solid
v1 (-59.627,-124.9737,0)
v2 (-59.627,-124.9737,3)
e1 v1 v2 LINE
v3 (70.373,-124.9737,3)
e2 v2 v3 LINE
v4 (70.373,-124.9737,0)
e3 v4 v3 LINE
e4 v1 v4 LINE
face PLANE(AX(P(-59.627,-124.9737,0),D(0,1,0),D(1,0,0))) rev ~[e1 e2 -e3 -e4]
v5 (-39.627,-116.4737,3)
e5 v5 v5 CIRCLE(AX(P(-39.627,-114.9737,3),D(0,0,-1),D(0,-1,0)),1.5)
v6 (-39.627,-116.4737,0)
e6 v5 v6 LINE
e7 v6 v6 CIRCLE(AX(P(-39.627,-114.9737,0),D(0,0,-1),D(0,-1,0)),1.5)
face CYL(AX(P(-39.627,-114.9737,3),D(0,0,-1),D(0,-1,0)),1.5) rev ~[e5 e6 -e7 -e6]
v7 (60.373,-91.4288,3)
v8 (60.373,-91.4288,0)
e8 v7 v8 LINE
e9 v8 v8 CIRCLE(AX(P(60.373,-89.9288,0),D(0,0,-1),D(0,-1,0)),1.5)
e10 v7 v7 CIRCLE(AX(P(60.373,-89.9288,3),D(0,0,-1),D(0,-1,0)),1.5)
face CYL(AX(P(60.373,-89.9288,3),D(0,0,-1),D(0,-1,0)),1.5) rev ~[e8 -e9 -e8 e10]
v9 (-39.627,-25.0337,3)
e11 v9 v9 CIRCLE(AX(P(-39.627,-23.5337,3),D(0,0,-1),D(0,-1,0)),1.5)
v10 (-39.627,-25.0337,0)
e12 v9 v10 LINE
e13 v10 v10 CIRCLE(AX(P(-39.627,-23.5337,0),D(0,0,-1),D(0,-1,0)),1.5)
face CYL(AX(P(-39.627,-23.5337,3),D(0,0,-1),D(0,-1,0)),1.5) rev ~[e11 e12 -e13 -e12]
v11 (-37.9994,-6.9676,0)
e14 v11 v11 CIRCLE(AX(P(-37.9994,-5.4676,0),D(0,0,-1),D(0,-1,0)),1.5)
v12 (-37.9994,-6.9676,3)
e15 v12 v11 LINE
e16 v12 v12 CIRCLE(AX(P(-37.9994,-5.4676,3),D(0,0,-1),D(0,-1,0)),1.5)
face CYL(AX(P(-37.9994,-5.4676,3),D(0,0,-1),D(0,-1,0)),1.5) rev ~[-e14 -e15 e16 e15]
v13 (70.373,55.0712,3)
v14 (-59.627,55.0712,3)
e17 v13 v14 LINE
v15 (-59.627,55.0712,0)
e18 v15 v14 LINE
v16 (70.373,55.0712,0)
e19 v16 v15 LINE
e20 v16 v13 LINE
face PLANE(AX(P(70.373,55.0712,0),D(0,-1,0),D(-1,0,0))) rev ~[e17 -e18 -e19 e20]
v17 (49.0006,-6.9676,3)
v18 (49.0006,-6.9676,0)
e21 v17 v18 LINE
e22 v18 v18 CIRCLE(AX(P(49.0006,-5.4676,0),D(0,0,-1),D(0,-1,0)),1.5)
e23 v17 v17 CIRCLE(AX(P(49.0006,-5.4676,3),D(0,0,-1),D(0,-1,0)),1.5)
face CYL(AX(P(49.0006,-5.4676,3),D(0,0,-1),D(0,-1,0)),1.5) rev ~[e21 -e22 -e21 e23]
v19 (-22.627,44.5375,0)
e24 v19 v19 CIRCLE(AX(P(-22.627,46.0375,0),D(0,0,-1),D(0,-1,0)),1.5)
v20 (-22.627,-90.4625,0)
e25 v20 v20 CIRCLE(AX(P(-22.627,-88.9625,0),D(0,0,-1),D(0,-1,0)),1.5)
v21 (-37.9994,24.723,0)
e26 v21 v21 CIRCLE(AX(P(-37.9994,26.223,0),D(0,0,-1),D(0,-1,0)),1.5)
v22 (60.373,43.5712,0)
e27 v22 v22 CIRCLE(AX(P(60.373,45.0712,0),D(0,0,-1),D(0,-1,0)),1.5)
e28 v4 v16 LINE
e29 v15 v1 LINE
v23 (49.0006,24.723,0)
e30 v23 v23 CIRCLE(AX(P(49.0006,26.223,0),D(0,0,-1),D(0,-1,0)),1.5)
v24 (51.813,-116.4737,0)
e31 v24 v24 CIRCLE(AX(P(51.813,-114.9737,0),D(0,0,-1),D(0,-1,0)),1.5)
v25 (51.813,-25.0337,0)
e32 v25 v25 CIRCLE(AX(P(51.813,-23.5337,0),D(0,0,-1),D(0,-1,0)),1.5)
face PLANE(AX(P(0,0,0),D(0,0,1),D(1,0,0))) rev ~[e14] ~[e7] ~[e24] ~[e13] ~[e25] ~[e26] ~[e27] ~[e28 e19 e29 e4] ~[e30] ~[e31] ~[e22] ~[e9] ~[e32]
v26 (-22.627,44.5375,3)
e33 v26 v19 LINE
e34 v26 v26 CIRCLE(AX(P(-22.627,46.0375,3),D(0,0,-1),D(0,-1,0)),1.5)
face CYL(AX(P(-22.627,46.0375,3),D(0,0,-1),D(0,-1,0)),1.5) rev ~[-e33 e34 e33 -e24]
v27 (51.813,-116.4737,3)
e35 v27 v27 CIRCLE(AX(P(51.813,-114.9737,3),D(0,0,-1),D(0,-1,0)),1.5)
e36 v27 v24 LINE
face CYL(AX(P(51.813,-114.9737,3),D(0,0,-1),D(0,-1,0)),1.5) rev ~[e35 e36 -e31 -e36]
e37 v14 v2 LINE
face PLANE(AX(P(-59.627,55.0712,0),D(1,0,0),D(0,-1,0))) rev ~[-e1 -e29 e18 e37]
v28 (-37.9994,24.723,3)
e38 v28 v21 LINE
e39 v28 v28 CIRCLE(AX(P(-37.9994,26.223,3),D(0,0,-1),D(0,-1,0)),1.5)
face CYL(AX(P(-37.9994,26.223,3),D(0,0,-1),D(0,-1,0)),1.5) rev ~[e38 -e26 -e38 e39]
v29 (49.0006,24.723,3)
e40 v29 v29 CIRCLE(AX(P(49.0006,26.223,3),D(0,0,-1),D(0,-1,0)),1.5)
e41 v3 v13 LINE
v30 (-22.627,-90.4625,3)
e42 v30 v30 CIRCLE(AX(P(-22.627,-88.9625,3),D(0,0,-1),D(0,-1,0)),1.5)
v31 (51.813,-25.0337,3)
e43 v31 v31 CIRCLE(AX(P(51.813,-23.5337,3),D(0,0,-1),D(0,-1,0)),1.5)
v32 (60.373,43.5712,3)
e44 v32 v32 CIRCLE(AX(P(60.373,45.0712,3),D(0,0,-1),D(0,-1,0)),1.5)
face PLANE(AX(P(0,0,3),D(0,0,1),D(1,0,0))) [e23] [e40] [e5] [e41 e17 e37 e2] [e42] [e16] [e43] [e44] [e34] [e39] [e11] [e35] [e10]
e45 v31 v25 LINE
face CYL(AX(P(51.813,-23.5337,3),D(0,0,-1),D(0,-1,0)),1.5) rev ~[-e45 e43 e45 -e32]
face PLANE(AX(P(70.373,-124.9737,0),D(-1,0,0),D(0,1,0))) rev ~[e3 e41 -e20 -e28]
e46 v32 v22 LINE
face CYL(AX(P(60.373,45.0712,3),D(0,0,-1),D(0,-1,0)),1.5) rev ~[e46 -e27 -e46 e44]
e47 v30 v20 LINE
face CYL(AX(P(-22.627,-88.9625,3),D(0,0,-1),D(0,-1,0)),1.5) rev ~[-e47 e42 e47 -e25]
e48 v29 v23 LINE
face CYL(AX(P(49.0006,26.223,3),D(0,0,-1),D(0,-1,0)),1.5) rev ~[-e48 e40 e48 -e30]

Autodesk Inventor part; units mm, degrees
ref_plane "YZ Plane" through (0, 0, 0) normal (1, 0, 0) x (0, 1, 0)
ref_plane "XZ Plane" through (0, 0, 0) normal (0, 1, 0) x (-1, 0, 0)
ref_plane "XY Plane" through (0, 0, 0) normal (0, 0, 1) x (1, 0, 0)
sketch "Sketch1" plane through (0, 0, 0) normal (0, 0, 1) x (1, 0, 0)
  line L0 (-43.437, -19.7437) -> (55.293, -19.7437)
  line L1 (55.293, -19.7437) -> (55.293, -118.7837)
  circle A0 centre (6.169, -65.1647) radius 0.508
  circle A1 centre (-0.333, -65.1647) radius 0.508
  arc A2 (23.1745, -85.9924) -> (23.1745, -82.9951) centre (23.238, -84.4937) ccw
  arc A3 (23.1745, -82.9951) -> (23.1745, -85.9924) centre (23.111, -84.4937) ccw
  circle A4 centre (-11.179, -100.7497) radius 0.75
  circle A5 centre (28.445, -83.4777) radius 0.75
  circle A6 centre (36.573, -92.1137) radius 0.508
  circle A7 centre (-30.737, -64.3737) radius 0.4
  circle A8 centre (-25.657, -64.3737) radius 0.4
  circle A9 centre (-33.277, -89.3737) radius 0.4
  circle A10 centre (-28.197, -89.3737) radius 0.4
  circle A11 centre (-23.117, -89.3737) radius 0.4
  circle A12 centre (-12.957, -41.3137) radius 0.508
  circle A13 centre (-7.877, -41.3137) radius 0.508
  circle A14 centre (-12.957, -32.4237) radius 0.508
  circle A15 centre (-7.877, -32.4237) radius 0.508
  circle A16 centre (-25.657, -98.4637) radius 0.508
  circle A17 centre (-30.737, -98.4637) radius 0.508
  circle A18 centre (-29.467, -32.4237) radius 0.508
  circle A19 centre (-24.387, -32.4237) radius 0.508
  circle A20 centre (-14.227, -60.3637) radius 0.55
  circle A21 centre (-32.007, -71.7937) radius 0.508
  circle A22 centre (-26.927, -71.7937) radius 0.508
  circle A23 centre (-21.847, -71.7937) radius 0.508
  circle A24 centre (-14.227, -71.7937) radius 0.508
  circle A25 centre (-9.147, -71.7937) radius 0.508
  circle A26 centre (-4.067, -71.7937) radius 0.508
  circle A27 centre (-32.007, -23.5337) radius 0.508
  circle A28 centre (-26.927, -23.5337) radius 0.508
  circle A29 centre (-21.847, -23.5337) radius 0.508
  circle A30 centre (-16.767, -23.5337) radius 0.508
  circle A31 centre (-10.163, -23.5337) radius 0.508
  circle A32 centre (-5.083, -23.5337) radius 0.508
  circle A33 centre (-0.003, -23.5337) radius 0.508
  circle A34 centre (5.077, -23.5337) radius 0.508
  circle A35 centre (-39.627, -23.5337) radius 1.5
  circle A36 centre (51.813, -114.9737) radius 1.5
  circle A37 centre (-37.087, -38.7737) radius 1.6
  circle A38 centre (-7.877, -51.4737) radius 0.55
  circle A39 centre (-9.147, -60.3637) radius 0.55
  circle A40 centre (-7.877, -46.3937) radius 0.55
  circle A41 centre (13.713, -23.5337) radius 1.6
  circle A42 centre (-37.087, -66.7137) radius 1.6
  circle A43 centre (-39.627, -114.9737) radius 1.5
  circle A44 centre (51.813, -23.5337) radius 1.5
  circle A45 centre (2.537, -23.5337) radius 0.508
  circle A46 centre (-2.543, -23.5337) radius 0.508
  circle A47 centre (-7.623, -23.5337) radius 0.508
  circle A48 centre (-12.703, -23.5337) radius 0.508
  circle A49 centre (-19.307, -23.5337) radius 0.508
  circle A50 centre (-24.387, -23.5337) radius 0.508
  circle A51 centre (-29.467, -23.5337) radius 0.508
  circle A52 centre (-34.547, -23.5337) radius 0.508
  circle A53 centre (-6.607, -71.7937) radius 0.508
  circle A54 centre (-11.687, -71.7937) radius 0.508
  circle A55 centre (-16.767, -71.7937) radius 0.508
  circle A56 centre (-24.387, -71.7937) radius 0.508
  circle A57 centre (-29.467, -71.7937) radius 0.508
  circle A58 centre (-34.547, -71.7937) radius 0.508
  circle A59 centre (-21.847, -32.4237) radius 0.508
  circle A60 centre (-26.927, -32.4237) radius 0.508
  circle A61 centre (-33.277, -98.4637) radius 0.508
  circle A62 centre (-28.197, -98.4637) radius 0.508
  circle A63 centre (-5.337, -32.4237) radius 0.508
  circle A64 centre (-10.417, -32.4237) radius 0.508
  circle A65 centre (-5.337, -41.3137) radius 0.508
  circle A66 centre (-10.417, -41.3137) radius 0.508
  circle A67 centre (-20.577, -89.3737) radius 0.4
  circle A68 centre (-25.657, -89.3737) radius 0.4
  circle A69 centre (-30.737, -89.3737) radius 0.4
  circle A70 centre (-23.117, -64.3737) radius 0.4
  circle A71 centre (-28.197, -64.3737) radius 0.4
  circle A72 centre (36.573, -89.5737) radius 0.508
  circle A73 centre (36.573, -94.6537) radius 0.508
  circle A74 centre (28.445, -100.7497) radius 0.75
  circle A75 centre (-11.179, -83.4777) radius 0.75
  circle A76 centre (-6.607, -99.7337) radius 1.5
  circle A77 centre (-0.333, -60.6427) radius 0.508
  circle A78 centre (6.169, -60.6427) radius 0.508
  line L2 (55.293, -118.7837) -> (-43.437, -118.7837)
  line L3 (55.293, -19.7437) -> (55.293, -118.7837)
  line L4 (-43.437, -19.7437) -> (55.293, -19.7437)
  line L5 (-43.437, -118.7837) -> (-43.437, -19.7437)
  line L6 (-59.627, 55.0712) -> (-59.627, -124.9737)
  line L7 (-59.627, -124.9737) -> (70.373, -124.9737)
  line L8 (70.373, -124.9737) -> (70.373, 55.0712)
  line L9 (70.373, 55.0712) -> (-59.627, 55.0712)
  arc A79 (-37.9994, -7.7176) -> (-37.9994, -3.2176) centre (-37.9994, -5.4676) ccw
  arc A80 (-37.9994, 23.973) -> (-37.9994, 28.473) centre (-37.9994, 26.223) ccw
  arc A81 (49.0006, -3.2176) -> (49.0006, -7.7176) centre (49.0006, -5.4676) ccw
  arc A82 (49.0006, 28.473) -> (49.0006, 23.973) centre (49.0006, 26.223) ccw
  circle A83 centre (-39.627, -23.5337) radius 1.5
  circle A84 centre (-39.627, -114.9737) radius 1.5
  circle A85 centre (51.813, -114.9737) radius 1.5
  circle A86 centre (51.813, -23.5337) radius 1.5
  circle A87 centre (49.0006, -5.4676) radius 1.5
  circle A88 centre (49.0006, 26.223) radius 1.5
  circle A89 centre (-37.9994, 26.223) radius 1.1903
  circle A90 centre (-37.9994, -5.4676) radius 1.5
  point P0 (0, 0)
  point P1 (-30.337, -14.7437)
  point P2 (19.4617, -123.7837)
  point P3 (60.293, -53.7773)
  point P4 (-48.437, -58.5398)
extrude "Extrusion1" add sketch "Sketch1" along normal blind 3 contours L0 L1 L2 L5 | A0 | A1 | A3 A2 | A4 | A5 | A6 | A7 | A8 | A9 | A10 | A11 | A12 | A13 | A14 | A15 | A16 | A17 | A18 | A19 | A20 | A21 | A22 | A23 | A24 | A25 | A26 | A27 | A28 | A29 | A30 | A31 | A32 | A33 | A34 | A35 | A36 | A37 | A38 | A39 | A40 | A41 | A42 | A43 | A44 | A45 | A46 | A47 | A48 | A49 | A50 | A51 | A52 | A53 | A54 | A55 | A56 | A57 | A58 | A59 | A60 | A61 | A62 | A63 | A64 | A65 | A66 | A67 | A68 | A69 | A70 | A71 | A72 | A73 | A74 | A75 | A76 | A77 | A78 | L9 L8 L7 L6 | A87 | A88 | A89 | A90
sketch "Sketch6" plane through (0, 0, 0) normal (0, 0, -1) x (-1, 0, 0)
  arc A0 (37.9994, 28.473) -> (37.9994, 23.973) centre (37.9994, 26.223) ccw projected
  arc A1 (37.9994, -3.2176) -> (37.9994, -7.7176) centre (37.9994, -5.4676) ccw projected
  arc A2 (-49.0006, 23.973) -> (-49.0006, 28.473) centre (-49.0006, 26.223) ccw projected
  arc A3 (-49.0006, -7.7176) -> (-49.0006, -3.2176) centre (-49.0006, -5.4676) ccw projected
  arc A4 (-49.0006, 23.973) -> (-49.0006, 28.473) centre (-49.0006, 26.223) ccw projected
  arc A5 (-49.0006, 23.973) -> (-49.0006, 28.473) centre (-49.0006, 26.223) ccw projected
  arc A6 (-49.0006, 23.973) -> (-49.0006, 28.473) centre (-49.0006, 26.223) ccw projected
  point P0 (0, 0)
sketch "Sketch7" plane through (0, 0, 3) normal (0, 0, 1) x (1, 0, 0)
  arc A0 (49.0006, 28.473) -> (49.0006, 23.973) centre (49.0006, 26.223) ccw projected
  arc A1 (49.0006, -3.2176) -> (49.0006, -7.7176) centre (49.0006, -5.4676) ccw projected
  arc A2 (-37.9994, -7.7176) -> (-37.9994, -3.2176) centre (-37.9994, -5.4676) ccw projected
  arc A3 (-37.9994, 23.973) -> (-37.9994, 28.473) centre (-37.9994, 26.223) ccw projected
  circle A4 centre (-39.627, -114.9737) radius 1.5 projected
  circle A5 centre (-39.627, -23.5337) radius 1.5 projected
  circle A6 centre (51.813, -23.5337) radius 1.5 projected
  circle A7 centre (51.813, -114.9737) radius 1.5 projected
  point P0 (0, 0)
hole "Hole5" at (49.0006, 26.223, 3) at (49.0006, -5.4676, 3) at (-37.9994, 26.223, 3) at (-37.9994, -5.4676, 3) at (-39.627, -23.5337, 3) at (51.813, -23.5337, 3) at (51.813, -114.9737, 3) at (-39.627, -114.9737, 3) direction (0, 0, -1) diameter 3 end through all
sketch "Sketch8" plane through (0, 0, 3) normal (0, 0, 1) x (1, 0, 0)
  line L0 (70.373, 55.0712) -> (-59.627, 55.0712) projected
  line L1 (70.373, -124.9737) -> (70.373, 55.0712) projected
  point P0 (0, 0)
  point P1 (60.373, 45.0712)
  point P2 (-22.627, 46.0375)
  point P3 (60.373, -89.9288)
  point P4 (-22.627, -88.9625)
  dimension "d61" = 10
  dimension "d62" = 10
  dimension "d63" = 83
  dimension "d64" = 135
  dimension "d65" = 135
  dimension "d73" = 83
hole "Hole6" at (60.373, 45.0712, 3) at (60.373, -89.9288, 3) at (-22.627, -88.9625, 3) at (-22.627, 46.0375, 3) direction (0, 0, -1) diameter 3 end through all
properties part number "Akrilik"
